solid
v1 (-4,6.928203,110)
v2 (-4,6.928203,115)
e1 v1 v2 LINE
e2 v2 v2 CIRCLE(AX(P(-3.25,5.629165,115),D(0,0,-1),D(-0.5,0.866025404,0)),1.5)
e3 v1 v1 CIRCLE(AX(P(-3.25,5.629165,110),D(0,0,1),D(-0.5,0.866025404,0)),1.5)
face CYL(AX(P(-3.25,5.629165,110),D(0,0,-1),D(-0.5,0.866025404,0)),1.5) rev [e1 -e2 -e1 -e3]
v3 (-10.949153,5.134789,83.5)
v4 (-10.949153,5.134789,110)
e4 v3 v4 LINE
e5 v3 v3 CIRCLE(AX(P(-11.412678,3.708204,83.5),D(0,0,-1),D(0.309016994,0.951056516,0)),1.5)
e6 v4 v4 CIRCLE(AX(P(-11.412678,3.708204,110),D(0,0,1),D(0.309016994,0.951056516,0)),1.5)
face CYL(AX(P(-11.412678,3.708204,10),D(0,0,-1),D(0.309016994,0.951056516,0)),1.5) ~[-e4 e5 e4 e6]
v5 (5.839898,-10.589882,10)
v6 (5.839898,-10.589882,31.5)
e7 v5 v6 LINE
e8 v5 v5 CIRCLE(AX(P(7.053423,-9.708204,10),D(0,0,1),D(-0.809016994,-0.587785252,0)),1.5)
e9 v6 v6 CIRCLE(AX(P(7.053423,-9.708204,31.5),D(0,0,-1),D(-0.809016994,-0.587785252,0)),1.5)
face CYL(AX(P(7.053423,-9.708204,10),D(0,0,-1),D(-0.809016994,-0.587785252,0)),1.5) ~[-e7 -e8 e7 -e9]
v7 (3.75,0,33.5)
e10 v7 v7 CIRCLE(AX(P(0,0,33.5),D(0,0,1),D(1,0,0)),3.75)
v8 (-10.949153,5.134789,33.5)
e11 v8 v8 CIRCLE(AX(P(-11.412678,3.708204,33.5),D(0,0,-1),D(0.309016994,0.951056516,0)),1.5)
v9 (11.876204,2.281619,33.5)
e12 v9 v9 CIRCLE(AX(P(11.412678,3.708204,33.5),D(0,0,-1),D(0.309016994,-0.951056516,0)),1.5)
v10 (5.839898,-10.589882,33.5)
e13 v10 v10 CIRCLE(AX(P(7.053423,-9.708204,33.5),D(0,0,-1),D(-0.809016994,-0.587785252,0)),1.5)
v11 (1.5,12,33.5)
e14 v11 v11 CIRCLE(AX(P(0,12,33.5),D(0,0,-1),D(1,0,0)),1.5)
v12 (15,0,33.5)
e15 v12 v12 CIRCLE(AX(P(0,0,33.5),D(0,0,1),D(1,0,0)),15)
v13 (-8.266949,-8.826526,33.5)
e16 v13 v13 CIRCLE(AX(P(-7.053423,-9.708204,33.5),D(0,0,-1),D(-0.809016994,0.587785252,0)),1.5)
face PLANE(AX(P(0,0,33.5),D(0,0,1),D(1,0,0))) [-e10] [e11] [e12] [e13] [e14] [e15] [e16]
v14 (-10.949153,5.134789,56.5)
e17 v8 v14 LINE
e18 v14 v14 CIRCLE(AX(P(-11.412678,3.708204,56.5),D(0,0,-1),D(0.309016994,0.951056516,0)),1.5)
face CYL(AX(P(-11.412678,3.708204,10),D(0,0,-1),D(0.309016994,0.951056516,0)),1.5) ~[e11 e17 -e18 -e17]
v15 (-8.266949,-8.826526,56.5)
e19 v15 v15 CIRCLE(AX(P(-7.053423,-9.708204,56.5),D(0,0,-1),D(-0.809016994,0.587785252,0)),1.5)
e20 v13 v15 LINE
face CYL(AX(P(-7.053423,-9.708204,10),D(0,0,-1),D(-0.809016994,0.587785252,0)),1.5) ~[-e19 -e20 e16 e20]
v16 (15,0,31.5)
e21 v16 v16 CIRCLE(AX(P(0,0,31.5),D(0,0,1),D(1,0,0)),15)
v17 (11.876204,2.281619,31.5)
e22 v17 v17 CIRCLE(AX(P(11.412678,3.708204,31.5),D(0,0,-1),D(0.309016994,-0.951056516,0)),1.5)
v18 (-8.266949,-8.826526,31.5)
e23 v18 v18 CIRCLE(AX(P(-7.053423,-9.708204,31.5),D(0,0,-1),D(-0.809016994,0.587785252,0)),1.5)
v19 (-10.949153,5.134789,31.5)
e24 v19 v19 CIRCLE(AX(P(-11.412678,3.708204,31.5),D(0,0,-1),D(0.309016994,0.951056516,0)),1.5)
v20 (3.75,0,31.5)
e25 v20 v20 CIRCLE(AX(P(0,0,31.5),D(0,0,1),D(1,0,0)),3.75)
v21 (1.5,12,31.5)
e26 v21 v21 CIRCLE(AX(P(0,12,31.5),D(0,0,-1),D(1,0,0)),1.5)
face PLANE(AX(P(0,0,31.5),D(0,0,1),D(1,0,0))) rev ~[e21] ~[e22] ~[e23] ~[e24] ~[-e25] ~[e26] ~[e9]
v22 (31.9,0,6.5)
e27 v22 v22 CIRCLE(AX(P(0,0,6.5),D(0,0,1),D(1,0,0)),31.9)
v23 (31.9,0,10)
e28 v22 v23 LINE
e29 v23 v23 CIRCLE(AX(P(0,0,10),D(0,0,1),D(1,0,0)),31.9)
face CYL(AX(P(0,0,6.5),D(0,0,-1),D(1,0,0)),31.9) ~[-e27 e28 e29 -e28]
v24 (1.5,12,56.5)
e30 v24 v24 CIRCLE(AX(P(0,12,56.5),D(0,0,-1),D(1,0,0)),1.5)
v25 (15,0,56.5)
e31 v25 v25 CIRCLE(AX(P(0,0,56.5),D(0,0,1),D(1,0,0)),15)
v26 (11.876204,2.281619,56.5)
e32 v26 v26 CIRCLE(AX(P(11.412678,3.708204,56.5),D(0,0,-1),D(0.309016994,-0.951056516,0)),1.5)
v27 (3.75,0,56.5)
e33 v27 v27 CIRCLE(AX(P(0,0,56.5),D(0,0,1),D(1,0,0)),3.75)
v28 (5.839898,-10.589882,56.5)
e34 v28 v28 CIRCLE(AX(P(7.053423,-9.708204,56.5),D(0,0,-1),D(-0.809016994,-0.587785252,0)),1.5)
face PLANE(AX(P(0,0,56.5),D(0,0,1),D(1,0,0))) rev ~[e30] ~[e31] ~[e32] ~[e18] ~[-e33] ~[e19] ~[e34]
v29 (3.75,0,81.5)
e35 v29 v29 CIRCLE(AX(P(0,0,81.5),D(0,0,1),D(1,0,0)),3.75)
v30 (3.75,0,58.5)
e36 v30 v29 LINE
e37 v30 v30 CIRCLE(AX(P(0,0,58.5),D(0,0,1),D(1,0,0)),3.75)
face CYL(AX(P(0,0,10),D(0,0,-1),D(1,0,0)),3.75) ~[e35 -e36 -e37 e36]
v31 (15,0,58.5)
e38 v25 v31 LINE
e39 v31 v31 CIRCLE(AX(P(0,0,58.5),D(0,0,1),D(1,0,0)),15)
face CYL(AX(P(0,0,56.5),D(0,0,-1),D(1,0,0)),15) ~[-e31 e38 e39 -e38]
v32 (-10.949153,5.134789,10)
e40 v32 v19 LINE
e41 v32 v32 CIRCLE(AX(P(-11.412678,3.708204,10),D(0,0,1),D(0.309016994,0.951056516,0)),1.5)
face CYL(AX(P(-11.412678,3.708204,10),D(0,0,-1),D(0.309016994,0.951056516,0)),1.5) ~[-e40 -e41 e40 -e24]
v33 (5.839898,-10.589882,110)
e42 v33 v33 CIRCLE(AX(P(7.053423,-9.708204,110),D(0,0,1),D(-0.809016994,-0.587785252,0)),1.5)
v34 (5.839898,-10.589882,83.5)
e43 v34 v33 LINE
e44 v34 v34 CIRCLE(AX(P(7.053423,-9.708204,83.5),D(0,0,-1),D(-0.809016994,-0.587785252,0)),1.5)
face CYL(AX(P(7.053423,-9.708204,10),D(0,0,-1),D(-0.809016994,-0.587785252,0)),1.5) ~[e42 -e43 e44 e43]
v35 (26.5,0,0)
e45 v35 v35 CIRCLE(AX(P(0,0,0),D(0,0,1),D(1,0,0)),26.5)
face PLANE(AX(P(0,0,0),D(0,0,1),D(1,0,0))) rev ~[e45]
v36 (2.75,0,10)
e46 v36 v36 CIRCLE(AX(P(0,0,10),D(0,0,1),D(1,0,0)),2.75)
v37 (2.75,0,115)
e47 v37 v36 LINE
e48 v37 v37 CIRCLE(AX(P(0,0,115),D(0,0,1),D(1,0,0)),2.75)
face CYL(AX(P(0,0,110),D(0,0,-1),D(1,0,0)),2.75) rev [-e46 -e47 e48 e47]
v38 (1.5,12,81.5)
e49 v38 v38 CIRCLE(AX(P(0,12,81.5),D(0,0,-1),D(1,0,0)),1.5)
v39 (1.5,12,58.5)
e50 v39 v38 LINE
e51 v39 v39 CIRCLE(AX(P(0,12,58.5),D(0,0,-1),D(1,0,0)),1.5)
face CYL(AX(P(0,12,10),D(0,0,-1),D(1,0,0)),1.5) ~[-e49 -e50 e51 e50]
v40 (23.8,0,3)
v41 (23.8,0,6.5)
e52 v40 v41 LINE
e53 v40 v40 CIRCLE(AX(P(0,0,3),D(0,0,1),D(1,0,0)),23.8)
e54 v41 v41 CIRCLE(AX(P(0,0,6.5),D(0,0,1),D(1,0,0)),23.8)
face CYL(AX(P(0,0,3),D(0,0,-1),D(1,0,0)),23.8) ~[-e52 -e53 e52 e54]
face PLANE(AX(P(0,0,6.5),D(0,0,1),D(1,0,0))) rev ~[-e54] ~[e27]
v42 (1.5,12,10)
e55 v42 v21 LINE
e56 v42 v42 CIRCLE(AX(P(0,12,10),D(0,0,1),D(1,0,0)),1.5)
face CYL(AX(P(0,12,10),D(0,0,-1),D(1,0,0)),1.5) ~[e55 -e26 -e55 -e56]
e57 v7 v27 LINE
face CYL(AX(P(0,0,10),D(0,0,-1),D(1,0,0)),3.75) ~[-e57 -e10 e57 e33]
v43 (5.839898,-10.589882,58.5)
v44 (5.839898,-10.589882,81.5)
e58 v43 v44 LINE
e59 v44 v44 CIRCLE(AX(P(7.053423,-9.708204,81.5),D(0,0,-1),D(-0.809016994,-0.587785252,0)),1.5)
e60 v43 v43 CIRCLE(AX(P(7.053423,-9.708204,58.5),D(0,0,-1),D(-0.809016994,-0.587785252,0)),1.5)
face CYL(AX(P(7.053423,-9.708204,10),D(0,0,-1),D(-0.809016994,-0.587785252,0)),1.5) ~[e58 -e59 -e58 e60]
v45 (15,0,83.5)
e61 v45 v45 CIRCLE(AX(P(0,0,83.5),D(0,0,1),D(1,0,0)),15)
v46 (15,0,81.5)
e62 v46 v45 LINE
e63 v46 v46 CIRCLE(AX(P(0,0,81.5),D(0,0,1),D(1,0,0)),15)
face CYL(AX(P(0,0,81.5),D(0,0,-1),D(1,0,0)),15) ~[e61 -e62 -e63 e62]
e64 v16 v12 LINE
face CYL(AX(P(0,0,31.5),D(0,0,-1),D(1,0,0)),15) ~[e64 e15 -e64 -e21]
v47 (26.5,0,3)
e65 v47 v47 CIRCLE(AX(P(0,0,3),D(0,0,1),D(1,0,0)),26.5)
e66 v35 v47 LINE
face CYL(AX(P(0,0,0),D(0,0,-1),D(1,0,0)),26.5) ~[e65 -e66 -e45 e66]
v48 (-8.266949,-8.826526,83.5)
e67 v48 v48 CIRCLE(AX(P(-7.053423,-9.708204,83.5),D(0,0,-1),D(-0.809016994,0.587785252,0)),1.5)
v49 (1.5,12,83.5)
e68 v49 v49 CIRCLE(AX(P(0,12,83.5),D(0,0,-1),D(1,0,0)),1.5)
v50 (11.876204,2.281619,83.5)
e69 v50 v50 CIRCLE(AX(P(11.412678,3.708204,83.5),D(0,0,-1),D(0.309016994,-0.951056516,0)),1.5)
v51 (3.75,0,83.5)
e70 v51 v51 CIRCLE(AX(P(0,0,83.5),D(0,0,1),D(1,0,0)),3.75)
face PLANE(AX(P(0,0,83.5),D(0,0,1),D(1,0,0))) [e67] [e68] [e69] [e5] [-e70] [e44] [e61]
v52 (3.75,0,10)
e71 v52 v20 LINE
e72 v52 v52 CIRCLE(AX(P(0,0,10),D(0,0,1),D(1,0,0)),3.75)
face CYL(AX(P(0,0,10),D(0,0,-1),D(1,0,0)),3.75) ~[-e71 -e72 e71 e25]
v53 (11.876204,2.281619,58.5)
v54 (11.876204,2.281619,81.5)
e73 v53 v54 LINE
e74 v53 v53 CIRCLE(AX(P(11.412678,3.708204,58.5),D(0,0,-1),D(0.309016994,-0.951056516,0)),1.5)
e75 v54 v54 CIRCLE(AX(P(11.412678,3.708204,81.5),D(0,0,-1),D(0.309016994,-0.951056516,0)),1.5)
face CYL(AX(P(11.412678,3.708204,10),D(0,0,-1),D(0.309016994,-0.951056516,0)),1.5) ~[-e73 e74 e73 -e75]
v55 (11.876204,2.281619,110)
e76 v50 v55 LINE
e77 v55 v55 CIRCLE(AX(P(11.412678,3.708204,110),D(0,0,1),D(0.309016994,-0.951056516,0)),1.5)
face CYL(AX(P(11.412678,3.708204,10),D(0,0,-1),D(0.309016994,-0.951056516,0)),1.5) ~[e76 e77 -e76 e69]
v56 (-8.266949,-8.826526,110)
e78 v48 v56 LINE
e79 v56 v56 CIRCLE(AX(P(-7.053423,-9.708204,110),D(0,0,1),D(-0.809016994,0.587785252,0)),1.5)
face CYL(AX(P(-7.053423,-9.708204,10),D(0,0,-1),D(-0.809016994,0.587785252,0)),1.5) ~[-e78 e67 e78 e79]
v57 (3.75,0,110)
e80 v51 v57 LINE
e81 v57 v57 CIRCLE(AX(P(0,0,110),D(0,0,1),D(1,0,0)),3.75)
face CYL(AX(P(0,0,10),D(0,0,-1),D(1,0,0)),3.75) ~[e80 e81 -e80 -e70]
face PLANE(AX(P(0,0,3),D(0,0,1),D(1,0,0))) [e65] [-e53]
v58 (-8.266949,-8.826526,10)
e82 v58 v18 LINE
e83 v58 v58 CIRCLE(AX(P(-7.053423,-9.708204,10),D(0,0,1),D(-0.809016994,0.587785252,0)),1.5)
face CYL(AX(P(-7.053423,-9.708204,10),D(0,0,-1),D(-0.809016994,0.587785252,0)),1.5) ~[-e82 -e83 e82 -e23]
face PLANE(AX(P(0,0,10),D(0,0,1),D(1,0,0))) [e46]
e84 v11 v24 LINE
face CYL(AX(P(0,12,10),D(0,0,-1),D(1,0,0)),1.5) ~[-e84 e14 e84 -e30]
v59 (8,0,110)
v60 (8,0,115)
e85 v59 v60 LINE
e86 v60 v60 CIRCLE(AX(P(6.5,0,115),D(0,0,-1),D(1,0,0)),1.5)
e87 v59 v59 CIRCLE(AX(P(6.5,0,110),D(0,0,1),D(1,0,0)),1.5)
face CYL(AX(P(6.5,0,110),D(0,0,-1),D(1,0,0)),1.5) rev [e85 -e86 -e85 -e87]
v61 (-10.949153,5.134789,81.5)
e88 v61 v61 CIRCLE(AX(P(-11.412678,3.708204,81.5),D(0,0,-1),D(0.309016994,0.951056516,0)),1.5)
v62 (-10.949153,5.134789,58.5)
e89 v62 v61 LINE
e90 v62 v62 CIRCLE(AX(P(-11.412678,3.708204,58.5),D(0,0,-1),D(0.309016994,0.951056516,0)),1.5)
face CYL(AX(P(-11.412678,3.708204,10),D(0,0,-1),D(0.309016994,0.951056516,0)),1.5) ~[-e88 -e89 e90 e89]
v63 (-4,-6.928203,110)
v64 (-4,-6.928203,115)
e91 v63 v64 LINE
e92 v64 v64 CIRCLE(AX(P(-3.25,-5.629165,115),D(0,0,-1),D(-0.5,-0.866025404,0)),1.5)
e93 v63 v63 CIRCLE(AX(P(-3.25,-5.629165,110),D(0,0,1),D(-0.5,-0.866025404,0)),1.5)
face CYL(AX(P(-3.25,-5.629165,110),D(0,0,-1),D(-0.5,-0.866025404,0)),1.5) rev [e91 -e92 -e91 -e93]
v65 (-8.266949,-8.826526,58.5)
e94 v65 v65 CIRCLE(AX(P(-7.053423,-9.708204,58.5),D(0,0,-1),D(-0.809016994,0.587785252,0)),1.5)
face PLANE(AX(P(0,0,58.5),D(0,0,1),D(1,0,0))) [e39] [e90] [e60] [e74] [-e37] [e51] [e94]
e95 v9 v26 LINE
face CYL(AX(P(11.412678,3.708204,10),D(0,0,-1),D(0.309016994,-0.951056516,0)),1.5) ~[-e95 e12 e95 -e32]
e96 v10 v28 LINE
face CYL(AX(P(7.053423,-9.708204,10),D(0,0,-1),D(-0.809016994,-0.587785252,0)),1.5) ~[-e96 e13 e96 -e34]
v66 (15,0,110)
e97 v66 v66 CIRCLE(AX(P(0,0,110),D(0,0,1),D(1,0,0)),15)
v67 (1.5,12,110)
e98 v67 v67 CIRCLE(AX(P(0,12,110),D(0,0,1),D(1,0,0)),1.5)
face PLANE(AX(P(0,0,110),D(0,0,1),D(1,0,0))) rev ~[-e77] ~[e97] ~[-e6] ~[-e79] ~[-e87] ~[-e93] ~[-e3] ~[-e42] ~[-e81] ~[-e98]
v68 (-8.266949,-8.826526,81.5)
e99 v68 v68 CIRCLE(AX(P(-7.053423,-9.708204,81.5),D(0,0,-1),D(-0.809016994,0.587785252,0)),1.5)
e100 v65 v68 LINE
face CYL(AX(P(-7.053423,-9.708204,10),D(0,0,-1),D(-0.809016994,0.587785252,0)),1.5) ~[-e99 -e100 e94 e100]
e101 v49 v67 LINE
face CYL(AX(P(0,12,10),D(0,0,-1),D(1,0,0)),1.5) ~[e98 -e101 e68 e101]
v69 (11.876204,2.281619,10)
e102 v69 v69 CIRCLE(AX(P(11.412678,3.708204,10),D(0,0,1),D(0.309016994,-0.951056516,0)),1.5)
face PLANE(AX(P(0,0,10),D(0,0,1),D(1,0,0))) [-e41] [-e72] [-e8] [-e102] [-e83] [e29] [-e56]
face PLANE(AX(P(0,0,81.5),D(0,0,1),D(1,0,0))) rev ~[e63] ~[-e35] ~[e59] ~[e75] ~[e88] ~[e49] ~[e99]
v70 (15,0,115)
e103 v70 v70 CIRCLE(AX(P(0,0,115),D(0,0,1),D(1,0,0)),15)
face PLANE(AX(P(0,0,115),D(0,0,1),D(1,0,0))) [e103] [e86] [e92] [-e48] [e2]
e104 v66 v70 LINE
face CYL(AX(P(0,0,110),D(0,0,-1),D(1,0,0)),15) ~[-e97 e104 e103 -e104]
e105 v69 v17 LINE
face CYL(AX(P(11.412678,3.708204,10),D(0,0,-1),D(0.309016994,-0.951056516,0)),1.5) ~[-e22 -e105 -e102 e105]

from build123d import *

# Parameters (mm, degrees)
TUBE008_R         = 15
TUBE008_R_2       = 3.75
TUBE008_DEPTH     = 2
ARRAY002_Z_COUNT  = 3
ARRAY002_Z_PITCH  = 25
TUBE007_R         = 3.75
TUBE007_R_2       = 2.75
TUBE007_DEPTH     = 100
CYLINDER004_R     = 1.5
CYLINDER004_DEPTH = 100
ARRAY001_COUNT    = 5
CYLINDER005_R     = 1.5
CYLINDER005_DEPTH = 10
ARRAY007_COUNT    = 3
TUBE006_R         = 15
TUBE006_R_2       = 2.75
TUBE006_DEPTH     = 5
CYLINDER001_R     = 23.8
CYLINDER001_DEPTH = 3.5
CYLINDER006_R     = 31.9
CYLINDER006_DEPTH = 3.5
CYLINDER_R        = 26.5
CYLINDER_DEPTH    = 3


with BuildPart() as pistonshaftspacers:
    # Tube008 → Tube008 (new body)
    with BuildSketch(Plane.XY.offset(31.5)):
        Circle(TUBE008_R)
        Circle(TUBE008_R_2, mode=Mode.SUBTRACT)
    extrude(amount=TUBE008_DEPTH)

    # Array002 Z: PistonShaftSpacers ×3


with BuildPart() as pistonshaftspacers_1:
    add(pistonshaftspacers.part)
    with Locations(*[(0, 0, i * ARRAY002_Z_PITCH) for i in range(1, ARRAY002_Z_COUNT)]):
        add(pistonshaftspacers.part)


with BuildPart() as pistonshaft:
    # Tube007 → Tube007 (new body)
    with BuildSketch(Plane.XY.offset(10)):
        Circle(TUBE007_R)
        Circle(TUBE007_R_2, mode=Mode.SUBTRACT)
    extrude(amount=TUBE007_DEPTH)


with BuildPart() as pistonreinforcers:
    # Cylinder004 → Cylinder004 (new body)
    with BuildSketch(Plane(origin=(0, 12, 10), x_dir=(1, 0, 0), z_dir=(0, 0, 1))):
        Circle(CYLINDER004_R)
    extrude(amount=CYLINDER004_DEPTH)

    # Array001: PistonReinforcers ×5 about axis
    array001_axis = Axis((0, 0, 0), (0, 0, 1))


with BuildPart() as pistonreinforcers_1:
    add(pistonreinforcers.part)
    for i in range(1, ARRAY001_COUNT):
        add(pistonreinforcers.part.rotate(array001_axis, i * 360 / ARRAY001_COUNT))


with BuildPart() as pistonconnectorscrewcutters:
    # Cylinder005 → Cylinder005 (new body)
    with BuildSketch(Plane(origin=(6.5, 0, 110), x_dir=(1, 0, 0), z_dir=(0, 0, 1))):
        Circle(CYLINDER005_R)
    extrude(amount=CYLINDER005_DEPTH)

    # Array007: PistonConnectorScrewCutters ×3 about axis
    array007_axis = Axis((0, 0, 0), (0, 0, 1))


with BuildPart() as pistonconnectorscrewcutters_1:
    add(pistonconnectorscrewcutters.part)
    for i in range(1, ARRAY007_COUNT):
        add(pistonconnectorscrewcutters.part.rotate(array007_axis, i * 360 / ARRAY007_COUNT))


with BuildPart() as pistonnutconnectorcutted:
    # Tube006 → Tube006 (new body)
    with BuildSketch(Plane.XY.offset(110)):
        Circle(TUBE006_R)
        Circle(TUBE006_R_2, mode=Mode.SUBTRACT)
    extrude(amount=TUBE006_DEPTH)

    # Cut: cut PistonConnectorScrewCutters
    add(pistonconnectorscrewcutters_1.part, mode=Mode.SUBTRACT)


with BuildPart() as pistonbaseinner:
    # Cylinder001 → Cylinder001 (new body)
    with BuildSketch(Plane.XY.offset(3)):
        Circle(CYLINDER001_R)
    extrude(amount=CYLINDER001_DEPTH)


with BuildPart() as pistonguard:
    # Cylinder006 → Cylinder006 (new body)
    with BuildSketch(Plane.XY.offset(6.5)):
        Circle(CYLINDER006_R)
    extrude(amount=CYLINDER006_DEPTH)


with BuildPart() as piston:
    # Cylinder → Cylinder (new body)
    with BuildSketch(Plane.XY):
        Circle(CYLINDER_R)
    extrude(amount=CYLINDER_DEPTH)

    # Fusion005: union PistonBaseInner, PistonGuard
    add(pistonbaseinner.part)
    add(pistonguard.part)

    # Fusion006: union PistonShaftSpacers, PistonShaft, PistonReinforcers, PistonNutConnectorCutted
    add(pistonshaftspacers_1.part)
    add(pistonshaft.part)
    add(pistonreinforcers_1.part)
    add(pistonnutconnectorcutted.part)


solid = piston.part
